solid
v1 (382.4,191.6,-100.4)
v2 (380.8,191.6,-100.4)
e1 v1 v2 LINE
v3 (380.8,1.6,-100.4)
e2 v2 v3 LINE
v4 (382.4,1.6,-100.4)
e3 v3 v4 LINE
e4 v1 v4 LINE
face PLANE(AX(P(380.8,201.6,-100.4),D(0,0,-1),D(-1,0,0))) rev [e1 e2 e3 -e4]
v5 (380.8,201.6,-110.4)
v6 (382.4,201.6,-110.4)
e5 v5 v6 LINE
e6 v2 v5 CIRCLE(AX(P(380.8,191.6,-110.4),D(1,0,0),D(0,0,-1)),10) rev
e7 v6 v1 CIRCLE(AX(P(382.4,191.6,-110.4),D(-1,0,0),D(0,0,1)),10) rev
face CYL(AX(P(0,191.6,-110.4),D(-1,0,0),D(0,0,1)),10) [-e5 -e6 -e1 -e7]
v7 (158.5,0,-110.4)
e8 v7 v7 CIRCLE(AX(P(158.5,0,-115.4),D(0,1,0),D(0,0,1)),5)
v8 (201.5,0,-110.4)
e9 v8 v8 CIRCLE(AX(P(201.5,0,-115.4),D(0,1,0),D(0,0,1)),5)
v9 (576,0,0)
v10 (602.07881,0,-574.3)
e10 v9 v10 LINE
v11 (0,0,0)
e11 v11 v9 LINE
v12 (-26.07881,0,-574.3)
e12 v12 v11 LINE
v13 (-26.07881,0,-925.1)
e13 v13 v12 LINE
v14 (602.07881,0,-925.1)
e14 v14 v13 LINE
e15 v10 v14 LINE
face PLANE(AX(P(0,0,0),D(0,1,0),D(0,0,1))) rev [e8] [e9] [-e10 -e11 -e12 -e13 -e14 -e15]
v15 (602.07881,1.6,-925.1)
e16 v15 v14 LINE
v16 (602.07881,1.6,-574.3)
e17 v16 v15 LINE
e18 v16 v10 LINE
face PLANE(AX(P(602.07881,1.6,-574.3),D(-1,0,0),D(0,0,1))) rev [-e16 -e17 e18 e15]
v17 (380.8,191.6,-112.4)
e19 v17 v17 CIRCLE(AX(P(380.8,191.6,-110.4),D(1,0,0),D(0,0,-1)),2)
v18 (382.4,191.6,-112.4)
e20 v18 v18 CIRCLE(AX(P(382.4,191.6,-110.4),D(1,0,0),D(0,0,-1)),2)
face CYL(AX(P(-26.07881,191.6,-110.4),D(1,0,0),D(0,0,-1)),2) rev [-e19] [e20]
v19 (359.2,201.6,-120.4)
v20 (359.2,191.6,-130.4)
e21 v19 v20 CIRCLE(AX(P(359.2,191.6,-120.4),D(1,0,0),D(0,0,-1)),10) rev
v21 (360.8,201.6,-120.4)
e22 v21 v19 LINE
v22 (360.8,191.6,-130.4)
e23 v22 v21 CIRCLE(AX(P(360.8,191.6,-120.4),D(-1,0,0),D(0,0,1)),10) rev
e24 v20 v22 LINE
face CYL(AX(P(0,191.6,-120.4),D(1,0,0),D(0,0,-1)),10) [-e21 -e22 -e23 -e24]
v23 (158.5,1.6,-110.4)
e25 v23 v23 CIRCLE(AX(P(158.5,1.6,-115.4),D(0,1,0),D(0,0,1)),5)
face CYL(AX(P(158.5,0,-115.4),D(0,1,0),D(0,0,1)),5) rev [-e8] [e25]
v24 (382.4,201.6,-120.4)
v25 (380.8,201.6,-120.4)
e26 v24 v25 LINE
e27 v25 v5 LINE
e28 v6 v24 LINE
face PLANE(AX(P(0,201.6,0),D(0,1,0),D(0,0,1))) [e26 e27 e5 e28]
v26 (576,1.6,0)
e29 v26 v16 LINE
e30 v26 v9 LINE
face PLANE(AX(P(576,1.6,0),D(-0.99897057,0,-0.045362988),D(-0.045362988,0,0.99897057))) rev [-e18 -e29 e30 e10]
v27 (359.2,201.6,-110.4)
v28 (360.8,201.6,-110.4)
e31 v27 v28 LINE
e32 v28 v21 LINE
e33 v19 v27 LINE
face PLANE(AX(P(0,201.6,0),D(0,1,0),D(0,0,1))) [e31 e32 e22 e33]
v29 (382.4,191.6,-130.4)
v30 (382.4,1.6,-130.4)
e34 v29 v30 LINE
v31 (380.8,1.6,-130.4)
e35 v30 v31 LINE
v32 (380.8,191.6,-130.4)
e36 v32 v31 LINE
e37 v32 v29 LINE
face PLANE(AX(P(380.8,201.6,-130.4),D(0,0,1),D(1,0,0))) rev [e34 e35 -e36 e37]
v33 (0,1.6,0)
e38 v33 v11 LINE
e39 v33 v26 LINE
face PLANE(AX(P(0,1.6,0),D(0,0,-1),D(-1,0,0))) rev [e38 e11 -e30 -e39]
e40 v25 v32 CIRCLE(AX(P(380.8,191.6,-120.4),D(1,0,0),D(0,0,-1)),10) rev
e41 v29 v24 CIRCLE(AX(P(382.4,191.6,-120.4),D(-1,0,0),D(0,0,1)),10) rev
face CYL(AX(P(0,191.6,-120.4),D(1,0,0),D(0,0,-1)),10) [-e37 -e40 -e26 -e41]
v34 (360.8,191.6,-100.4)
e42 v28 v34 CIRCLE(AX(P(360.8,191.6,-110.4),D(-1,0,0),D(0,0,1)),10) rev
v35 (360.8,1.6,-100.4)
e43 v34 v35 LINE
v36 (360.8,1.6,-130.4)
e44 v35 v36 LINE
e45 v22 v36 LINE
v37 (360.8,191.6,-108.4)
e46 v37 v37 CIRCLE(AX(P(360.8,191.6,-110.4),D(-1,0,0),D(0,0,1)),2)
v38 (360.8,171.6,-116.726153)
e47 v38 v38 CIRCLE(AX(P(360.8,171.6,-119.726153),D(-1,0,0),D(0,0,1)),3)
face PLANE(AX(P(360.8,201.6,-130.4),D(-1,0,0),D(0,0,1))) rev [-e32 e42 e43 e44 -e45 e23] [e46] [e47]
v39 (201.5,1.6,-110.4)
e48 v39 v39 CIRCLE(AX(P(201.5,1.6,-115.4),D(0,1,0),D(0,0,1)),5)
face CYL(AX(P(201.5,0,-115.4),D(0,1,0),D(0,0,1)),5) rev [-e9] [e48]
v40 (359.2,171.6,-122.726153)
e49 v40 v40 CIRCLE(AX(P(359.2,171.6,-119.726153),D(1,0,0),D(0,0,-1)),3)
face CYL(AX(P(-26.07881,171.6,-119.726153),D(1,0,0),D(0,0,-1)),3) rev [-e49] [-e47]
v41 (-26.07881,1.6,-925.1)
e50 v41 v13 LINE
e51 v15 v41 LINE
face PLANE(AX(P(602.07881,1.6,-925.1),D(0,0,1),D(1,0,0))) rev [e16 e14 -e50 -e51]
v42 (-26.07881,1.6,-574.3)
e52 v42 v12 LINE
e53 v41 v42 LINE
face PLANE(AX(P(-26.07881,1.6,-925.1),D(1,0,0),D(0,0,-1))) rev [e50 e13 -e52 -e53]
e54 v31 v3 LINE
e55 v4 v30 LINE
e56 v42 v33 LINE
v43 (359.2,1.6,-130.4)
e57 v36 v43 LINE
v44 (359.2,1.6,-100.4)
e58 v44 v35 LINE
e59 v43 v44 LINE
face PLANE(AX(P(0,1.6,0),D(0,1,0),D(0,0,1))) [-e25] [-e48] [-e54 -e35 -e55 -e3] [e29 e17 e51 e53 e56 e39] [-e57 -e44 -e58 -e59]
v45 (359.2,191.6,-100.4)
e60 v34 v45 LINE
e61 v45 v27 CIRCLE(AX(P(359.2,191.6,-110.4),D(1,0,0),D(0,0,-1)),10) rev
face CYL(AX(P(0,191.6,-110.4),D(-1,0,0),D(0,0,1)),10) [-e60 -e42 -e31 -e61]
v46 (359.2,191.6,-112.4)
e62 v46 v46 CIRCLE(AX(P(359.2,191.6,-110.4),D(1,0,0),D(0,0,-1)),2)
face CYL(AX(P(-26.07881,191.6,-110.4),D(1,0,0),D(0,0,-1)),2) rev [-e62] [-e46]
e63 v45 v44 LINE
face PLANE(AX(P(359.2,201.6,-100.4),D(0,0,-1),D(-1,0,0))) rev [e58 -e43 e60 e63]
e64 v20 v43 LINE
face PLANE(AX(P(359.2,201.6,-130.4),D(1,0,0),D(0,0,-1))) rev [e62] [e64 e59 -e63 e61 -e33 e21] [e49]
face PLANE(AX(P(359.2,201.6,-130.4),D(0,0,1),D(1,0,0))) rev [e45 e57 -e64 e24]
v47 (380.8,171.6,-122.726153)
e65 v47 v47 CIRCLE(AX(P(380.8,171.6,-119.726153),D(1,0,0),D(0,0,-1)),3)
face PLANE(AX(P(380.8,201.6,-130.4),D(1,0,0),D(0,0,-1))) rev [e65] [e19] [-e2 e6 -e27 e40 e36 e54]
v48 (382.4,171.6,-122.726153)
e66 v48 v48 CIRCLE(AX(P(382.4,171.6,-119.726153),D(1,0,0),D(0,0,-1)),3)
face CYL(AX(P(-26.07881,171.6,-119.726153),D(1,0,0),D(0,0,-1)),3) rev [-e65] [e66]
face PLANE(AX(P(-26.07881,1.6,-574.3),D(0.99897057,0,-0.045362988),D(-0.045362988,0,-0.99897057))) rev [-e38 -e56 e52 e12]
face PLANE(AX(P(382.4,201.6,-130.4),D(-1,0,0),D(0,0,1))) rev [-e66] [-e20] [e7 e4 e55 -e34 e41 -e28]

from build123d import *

# Parameters (mm, degrees)
BOSS_EXTRUDE1_DEPTH = 1.6
SKETCH2_R           = 5
CUT_EXTRUDE1_DEPTH  = 1.6
SKETCH3_W           = 1.6
SKETCH3_H           = 30
BOSS_EXTRUDE2_DEPTH = 200
SKETCH4_R           = 2
SKETCH4_R_2         = 3
CUT_EXTRUDE2_DEPTH  = 1032.168031188
FILLET1_R           = 10


with BuildPart() as part:
    # Sketch1 → Boss-Extrude1 (new body)
    with BuildSketch(Plane(origin=(0, 0, 0), x_dir=(1, 0, 0), z_dir=(0, 1, 0))):
        Polygon((0, 0), (576, 0), (602.078810398, 574.3), (602.078810398, 925.1), (-26.078810398, 925.1), (-26.078810398, 574.3), align=None)
    extrude(amount=BOSS_EXTRUDE1_DEPTH)

    # Sketch2 → Cut-Extrude1 (cut)
    with BuildSketch(Plane(origin=(0, 1.6, 0), x_dir=(1, 0, 0), z_dir=(0, 1, 0))):
        with Locations(Location((201.5, 115.4, 0), (0, 0, 270))):
            Circle(SKETCH2_R)
        with Locations(Location((158.5, 115.4, 0), (0, 0, 270))):
            Circle(SKETCH2_R)
    extrude(amount=-CUT_EXTRUDE1_DEPTH, mode=Mode.SUBTRACT)

    # Sketch3 → Boss-Extrude2 (add)
    with BuildSketch(Plane(origin=(0, 1.6, 0), x_dir=(1, 0, 0), z_dir=(0, 1, 0))):
        with Locations((360, 115.4)):
            Rectangle(SKETCH3_W, SKETCH3_H)
        with Locations((381.6, 115.4)):
            Rectangle(SKETCH3_W, SKETCH3_H)
    extrude(amount=BOSS_EXTRUDE2_DEPTH)

    # Sketch4 → Cut-Extrude2 (cut, through all)
    with BuildSketch(Plane(origin=(382.4, 0, 0), x_dir=(0, 0, -1), z_dir=(1, 0, 0))):
        with Locations((110.4, 191.6)):
            Circle(SKETCH4_R)
        with Locations((119.726153163, 171.6)):
            Circle(SKETCH4_R_2)
    extrude(amount=-CUT_EXTRUDE2_DEPTH, mode=Mode.SUBTRACT)

    # Fillet1
    fillet1_edges = [part.edges().sort_by_distance(p)[0] for p in [
        (360, 201.6, -130.4),
        (360, 201.6, -100.4),
        (381.6, 201.6, -130.4),
        (381.6, 201.6, -100.4),
    ]]
    fillet(fillet1_edges, radius=FILLET1_R)


solid = part.part
